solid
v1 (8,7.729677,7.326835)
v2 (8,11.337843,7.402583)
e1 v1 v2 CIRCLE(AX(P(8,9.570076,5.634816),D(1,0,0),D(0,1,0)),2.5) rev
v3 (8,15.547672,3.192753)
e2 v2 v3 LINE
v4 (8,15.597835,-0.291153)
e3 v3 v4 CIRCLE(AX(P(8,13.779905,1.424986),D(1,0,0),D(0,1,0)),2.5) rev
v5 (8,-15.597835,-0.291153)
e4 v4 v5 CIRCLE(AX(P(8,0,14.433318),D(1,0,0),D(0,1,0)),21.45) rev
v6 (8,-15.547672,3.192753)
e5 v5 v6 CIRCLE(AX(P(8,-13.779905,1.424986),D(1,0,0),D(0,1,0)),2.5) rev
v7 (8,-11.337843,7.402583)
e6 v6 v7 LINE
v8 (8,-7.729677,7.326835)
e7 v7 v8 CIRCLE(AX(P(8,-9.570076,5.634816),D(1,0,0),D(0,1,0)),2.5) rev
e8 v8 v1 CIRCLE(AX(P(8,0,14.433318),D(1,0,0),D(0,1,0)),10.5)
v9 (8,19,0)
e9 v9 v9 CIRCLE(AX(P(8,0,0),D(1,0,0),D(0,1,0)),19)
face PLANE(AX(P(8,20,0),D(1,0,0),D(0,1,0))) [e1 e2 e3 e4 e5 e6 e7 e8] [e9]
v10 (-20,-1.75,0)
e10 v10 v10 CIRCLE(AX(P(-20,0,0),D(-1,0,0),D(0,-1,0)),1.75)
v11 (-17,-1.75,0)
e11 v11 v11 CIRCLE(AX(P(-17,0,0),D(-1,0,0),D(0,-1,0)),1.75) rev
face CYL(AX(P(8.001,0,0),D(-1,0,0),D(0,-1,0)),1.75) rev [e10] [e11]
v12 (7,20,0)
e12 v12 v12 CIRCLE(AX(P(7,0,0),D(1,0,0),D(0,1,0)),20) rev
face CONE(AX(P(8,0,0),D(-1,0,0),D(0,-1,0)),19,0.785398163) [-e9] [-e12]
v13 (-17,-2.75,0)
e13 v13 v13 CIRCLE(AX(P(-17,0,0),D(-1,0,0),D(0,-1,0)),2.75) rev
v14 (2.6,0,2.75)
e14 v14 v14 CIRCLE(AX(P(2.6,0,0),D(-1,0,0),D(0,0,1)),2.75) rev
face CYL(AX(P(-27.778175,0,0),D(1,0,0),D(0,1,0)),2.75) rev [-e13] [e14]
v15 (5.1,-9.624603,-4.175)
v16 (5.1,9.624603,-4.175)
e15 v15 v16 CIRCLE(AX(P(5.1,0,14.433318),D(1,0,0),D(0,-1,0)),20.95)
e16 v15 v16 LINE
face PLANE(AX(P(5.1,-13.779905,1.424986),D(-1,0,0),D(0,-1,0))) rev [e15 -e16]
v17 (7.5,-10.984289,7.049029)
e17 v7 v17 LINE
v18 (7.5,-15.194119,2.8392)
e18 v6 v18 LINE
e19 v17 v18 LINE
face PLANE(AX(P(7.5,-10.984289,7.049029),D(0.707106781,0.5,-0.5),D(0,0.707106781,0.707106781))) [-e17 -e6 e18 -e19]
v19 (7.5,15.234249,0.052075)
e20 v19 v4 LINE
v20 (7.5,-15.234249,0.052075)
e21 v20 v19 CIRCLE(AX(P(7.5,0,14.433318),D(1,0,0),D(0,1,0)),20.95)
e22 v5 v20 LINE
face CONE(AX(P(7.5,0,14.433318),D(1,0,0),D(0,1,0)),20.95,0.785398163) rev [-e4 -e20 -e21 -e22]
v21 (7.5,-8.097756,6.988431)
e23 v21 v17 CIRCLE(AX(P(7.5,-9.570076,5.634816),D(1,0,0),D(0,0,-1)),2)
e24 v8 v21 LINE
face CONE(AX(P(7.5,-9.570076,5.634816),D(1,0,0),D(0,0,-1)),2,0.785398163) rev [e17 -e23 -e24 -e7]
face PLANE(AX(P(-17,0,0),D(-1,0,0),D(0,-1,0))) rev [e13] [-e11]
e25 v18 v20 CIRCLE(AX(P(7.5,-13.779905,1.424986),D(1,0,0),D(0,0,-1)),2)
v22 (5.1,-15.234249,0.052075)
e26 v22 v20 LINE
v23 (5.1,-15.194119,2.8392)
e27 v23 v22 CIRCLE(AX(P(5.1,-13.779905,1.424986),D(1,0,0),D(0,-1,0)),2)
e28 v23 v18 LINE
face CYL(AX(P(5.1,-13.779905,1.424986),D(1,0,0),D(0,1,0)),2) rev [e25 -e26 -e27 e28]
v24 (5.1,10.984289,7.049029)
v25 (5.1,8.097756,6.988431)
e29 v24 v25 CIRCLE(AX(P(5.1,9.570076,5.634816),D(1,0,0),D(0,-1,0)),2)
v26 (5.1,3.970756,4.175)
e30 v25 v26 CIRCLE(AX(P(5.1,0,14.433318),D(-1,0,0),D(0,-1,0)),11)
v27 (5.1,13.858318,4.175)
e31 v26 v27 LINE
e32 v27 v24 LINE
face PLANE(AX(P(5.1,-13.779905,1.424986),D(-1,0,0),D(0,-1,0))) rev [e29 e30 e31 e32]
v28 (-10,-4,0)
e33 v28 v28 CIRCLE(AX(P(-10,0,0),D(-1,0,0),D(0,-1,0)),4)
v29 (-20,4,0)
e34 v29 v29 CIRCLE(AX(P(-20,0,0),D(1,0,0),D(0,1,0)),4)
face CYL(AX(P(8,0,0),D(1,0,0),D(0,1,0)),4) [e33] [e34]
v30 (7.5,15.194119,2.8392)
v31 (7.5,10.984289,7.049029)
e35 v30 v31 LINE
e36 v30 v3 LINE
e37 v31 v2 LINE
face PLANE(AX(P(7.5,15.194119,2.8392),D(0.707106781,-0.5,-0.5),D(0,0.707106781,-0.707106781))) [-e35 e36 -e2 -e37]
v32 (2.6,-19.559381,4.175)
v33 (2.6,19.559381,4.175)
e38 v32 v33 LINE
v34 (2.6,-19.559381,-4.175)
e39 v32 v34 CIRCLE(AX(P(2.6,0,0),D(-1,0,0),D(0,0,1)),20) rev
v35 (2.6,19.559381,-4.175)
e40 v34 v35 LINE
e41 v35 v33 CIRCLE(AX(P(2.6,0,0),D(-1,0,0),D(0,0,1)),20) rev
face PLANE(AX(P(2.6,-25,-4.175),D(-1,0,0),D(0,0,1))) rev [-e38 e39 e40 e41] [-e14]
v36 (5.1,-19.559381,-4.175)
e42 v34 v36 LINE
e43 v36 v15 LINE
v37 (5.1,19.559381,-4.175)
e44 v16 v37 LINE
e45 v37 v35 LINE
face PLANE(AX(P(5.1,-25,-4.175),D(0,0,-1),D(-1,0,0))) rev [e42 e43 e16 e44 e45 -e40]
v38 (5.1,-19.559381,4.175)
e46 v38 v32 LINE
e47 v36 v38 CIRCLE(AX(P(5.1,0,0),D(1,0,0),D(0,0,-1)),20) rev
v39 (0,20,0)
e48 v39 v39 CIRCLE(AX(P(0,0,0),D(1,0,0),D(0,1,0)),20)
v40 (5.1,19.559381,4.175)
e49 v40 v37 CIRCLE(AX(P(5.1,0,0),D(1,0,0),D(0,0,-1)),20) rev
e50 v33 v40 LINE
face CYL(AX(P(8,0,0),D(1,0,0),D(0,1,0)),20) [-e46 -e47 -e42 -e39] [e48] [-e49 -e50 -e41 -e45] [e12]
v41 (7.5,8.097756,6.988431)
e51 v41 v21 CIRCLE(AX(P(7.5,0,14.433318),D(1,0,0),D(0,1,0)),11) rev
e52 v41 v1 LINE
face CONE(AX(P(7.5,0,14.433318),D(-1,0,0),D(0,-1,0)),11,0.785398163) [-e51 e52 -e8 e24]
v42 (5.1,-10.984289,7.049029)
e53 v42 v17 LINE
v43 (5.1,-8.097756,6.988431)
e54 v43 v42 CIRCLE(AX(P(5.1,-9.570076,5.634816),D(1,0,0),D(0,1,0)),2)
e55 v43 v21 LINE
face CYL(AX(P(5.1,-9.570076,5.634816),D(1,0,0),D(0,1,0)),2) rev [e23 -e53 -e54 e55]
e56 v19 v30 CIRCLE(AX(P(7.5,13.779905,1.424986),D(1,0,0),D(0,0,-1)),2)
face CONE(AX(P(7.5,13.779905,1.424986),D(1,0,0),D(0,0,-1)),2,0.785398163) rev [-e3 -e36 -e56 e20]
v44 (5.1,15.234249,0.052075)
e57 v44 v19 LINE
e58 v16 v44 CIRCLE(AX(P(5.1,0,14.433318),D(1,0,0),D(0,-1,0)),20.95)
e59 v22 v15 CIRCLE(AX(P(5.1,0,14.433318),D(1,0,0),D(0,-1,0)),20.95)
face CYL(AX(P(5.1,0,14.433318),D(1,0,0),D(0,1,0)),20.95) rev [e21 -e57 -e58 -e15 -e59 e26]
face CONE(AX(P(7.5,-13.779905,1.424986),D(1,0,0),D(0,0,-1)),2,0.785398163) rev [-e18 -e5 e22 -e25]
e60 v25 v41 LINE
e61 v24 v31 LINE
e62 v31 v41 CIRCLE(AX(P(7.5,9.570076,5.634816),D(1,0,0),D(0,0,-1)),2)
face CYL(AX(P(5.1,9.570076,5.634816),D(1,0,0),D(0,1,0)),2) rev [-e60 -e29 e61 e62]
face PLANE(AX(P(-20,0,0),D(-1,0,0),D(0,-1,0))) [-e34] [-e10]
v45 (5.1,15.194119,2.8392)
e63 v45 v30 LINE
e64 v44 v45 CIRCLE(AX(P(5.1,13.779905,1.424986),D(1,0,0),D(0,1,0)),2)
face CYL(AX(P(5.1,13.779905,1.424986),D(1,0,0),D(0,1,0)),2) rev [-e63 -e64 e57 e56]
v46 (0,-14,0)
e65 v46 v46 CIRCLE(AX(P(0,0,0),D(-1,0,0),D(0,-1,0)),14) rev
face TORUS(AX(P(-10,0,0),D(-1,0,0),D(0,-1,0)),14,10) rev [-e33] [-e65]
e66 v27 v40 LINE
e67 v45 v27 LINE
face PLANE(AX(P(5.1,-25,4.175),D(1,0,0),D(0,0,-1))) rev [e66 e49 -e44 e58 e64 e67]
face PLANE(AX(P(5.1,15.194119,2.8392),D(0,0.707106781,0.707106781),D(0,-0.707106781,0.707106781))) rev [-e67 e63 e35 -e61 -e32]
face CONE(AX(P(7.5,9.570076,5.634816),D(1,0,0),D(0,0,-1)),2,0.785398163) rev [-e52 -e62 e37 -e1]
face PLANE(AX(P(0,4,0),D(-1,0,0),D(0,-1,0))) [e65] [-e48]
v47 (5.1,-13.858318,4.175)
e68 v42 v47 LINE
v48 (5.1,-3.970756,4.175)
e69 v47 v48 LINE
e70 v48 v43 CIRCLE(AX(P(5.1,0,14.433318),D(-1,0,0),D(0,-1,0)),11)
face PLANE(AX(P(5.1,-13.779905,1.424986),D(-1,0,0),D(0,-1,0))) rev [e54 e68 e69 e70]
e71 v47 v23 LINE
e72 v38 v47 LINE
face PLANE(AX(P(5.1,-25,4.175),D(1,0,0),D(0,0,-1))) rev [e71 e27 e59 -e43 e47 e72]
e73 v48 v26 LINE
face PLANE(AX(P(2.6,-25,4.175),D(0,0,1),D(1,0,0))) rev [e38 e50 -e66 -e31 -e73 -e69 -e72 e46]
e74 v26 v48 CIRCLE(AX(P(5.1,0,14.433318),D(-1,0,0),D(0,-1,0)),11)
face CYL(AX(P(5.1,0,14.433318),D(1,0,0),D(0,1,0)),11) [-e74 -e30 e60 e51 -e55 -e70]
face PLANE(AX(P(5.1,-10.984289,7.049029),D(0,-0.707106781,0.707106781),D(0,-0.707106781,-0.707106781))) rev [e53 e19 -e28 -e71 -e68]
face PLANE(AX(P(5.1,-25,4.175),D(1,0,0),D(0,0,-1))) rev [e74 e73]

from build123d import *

# Parameters (mm, degrees)
CORTAR_EXTRUIR1_DEPTH = 2.9
REDONDEO1_R           = 10
CORTAR_EXTRUIR2_REACH = 41.799
CROQUIS3_R            = 1.75
CROQUIS4_R            = 2.75
CORTAR_EXTRUIR3_DEPTH = 22.1
CHAFL_N1_SIZE         = 1
CHAFL_N2_SIZE         = 0.5
CROQUIS6_W            = 2.5
CROQUIS6_H            = 8.35
CORTAR_EXTRUIR5_DEPTH = 25


with BuildPart() as part:
    # Croquis1 → Revolución1 (revolve)
    with BuildSketch(Plane.XY):
        Polygon((-20, 0), (-20, 4), (0, 4), (0, 20), (8, 20), (8, 0), align=None)
    revolve(axis=Axis((8, 0, 0), (-1, 0, 0)))

    # Croquis2 → Cortar-Extruir1 (cut)
    with BuildSketch(Plane(origin=(8, 0, 0), x_dir=(0, 0, -1), z_dir=(1, 0, 0))):
        with BuildLine():
            Line((-2.839199656, 15.194118815), (-7.049029232, 10.984289239))
            ThreePointArc((-7.049029232, 10.984289239), (-7.634375098, 9.528098398), (-6.988431485, 8.097756342))
            ThreePointArc((-6.988431485, 8.097756342), (-3.433318471, 0), (-6.988431485, -8.097756342))
            ThreePointArc((-6.988431485, -8.097756342), (-7.634375098, -9.528098398), (-7.049029232, -10.984289239))
            Line((-7.049029232, -10.984289239), (-2.839199656, -15.194118815))
            ThreePointArc((-2.839199656, -15.194118815), (-1.453779812, -15.779697972), (-0.052075025, -15.234248815))
            ThreePointArc((-0.052075025, -15.234248815), (6.516681529, 0), (-0.052075025, 15.234248815))
            ThreePointArc((-0.052075025, 15.234248815), (-1.453779812, 15.779697972), (-2.839199656, 15.194118815))
        make_face()
    extrude(amount=-CORTAR_EXTRUIR1_DEPTH, mode=Mode.SUBTRACT)

    # Redondeo1
    redondeo1_edges = [part.edges().sort_by_distance(p)[0] for p in [
        (0, -4, 0),
    ]]
    fillet(redondeo1_edges, radius=REDONDEO1_R)

    # Croquis3 → Cortar-Extruir2 (cut, up to next)
    with BuildSketch(Plane.ZY.offset(20), mode=Mode.PRIVATE) as cortar_extruir2_sk1:
        with Locations(Location((0, 0, 0), (0, 0, 270))):
            Circle(CROQUIS3_R)
    cortar_extruir2_tool1 = extrude(cortar_extruir2_sk1.sketch, amount=-CORTAR_EXTRUIR2_REACH, mode=Mode.PRIVATE) & part.part
    add(cortar_extruir2_tool1.solids().sort_by_distance((-20, 0, 0))[0], mode=Mode.SUBTRACT)

    # Croquis4 → Cortar-Extruir3 (cut)
    with BuildSketch(Plane(origin=(5.1, 0, 0), x_dir=(0, 0, -1), z_dir=(1, 0, 0))):
        with Locations(Location((0, 0, 0), (0, 0, 90))):
            Circle(CROQUIS4_R)
    extrude(amount=-CORTAR_EXTRUIR3_DEPTH, mode=Mode.SUBTRACT)

    # Chaflán1
    chafl_n1_edges = [part.edges().sort_by_distance(p)[0] for p in [
        (8, -20, 0),
    ]]
    chamfer(chafl_n1_edges, length=CHAFL_N1_SIZE)

    # Chaflán2
    chafl_n2_edges = [part.edges().sort_by_distance(p)[0] for p in [
        (8, -15.779697972, 1.453779812),
        (8, 0, -6.516681529),
        (8, 15.779697972, 1.453779812),
        (8, 13.089204027, 4.944114444),
        (8, 9.528098398, 7.634375098),
        (8, 0, 3.433318471),
        (8, -9.528098398, 7.634375098),
        (8, -13.089204027, 4.944114444),
    ]]
    chamfer(chafl_n2_edges, length=CHAFL_N2_SIZE)

    # Croquis6 → Cortar-Extruir5 (cut, symmetric)
    with BuildSketch(Plane(origin=(0, 0, 0), x_dir=(1, 0, 0), z_dir=(0, 1, 0))):
        with Locations((3.85, 0)):
            Rectangle(CROQUIS6_W, CROQUIS6_H)
    extrude(amount=CORTAR_EXTRUIR5_DEPTH, both=True, mode=Mode.SUBTRACT)


solid = part.part
